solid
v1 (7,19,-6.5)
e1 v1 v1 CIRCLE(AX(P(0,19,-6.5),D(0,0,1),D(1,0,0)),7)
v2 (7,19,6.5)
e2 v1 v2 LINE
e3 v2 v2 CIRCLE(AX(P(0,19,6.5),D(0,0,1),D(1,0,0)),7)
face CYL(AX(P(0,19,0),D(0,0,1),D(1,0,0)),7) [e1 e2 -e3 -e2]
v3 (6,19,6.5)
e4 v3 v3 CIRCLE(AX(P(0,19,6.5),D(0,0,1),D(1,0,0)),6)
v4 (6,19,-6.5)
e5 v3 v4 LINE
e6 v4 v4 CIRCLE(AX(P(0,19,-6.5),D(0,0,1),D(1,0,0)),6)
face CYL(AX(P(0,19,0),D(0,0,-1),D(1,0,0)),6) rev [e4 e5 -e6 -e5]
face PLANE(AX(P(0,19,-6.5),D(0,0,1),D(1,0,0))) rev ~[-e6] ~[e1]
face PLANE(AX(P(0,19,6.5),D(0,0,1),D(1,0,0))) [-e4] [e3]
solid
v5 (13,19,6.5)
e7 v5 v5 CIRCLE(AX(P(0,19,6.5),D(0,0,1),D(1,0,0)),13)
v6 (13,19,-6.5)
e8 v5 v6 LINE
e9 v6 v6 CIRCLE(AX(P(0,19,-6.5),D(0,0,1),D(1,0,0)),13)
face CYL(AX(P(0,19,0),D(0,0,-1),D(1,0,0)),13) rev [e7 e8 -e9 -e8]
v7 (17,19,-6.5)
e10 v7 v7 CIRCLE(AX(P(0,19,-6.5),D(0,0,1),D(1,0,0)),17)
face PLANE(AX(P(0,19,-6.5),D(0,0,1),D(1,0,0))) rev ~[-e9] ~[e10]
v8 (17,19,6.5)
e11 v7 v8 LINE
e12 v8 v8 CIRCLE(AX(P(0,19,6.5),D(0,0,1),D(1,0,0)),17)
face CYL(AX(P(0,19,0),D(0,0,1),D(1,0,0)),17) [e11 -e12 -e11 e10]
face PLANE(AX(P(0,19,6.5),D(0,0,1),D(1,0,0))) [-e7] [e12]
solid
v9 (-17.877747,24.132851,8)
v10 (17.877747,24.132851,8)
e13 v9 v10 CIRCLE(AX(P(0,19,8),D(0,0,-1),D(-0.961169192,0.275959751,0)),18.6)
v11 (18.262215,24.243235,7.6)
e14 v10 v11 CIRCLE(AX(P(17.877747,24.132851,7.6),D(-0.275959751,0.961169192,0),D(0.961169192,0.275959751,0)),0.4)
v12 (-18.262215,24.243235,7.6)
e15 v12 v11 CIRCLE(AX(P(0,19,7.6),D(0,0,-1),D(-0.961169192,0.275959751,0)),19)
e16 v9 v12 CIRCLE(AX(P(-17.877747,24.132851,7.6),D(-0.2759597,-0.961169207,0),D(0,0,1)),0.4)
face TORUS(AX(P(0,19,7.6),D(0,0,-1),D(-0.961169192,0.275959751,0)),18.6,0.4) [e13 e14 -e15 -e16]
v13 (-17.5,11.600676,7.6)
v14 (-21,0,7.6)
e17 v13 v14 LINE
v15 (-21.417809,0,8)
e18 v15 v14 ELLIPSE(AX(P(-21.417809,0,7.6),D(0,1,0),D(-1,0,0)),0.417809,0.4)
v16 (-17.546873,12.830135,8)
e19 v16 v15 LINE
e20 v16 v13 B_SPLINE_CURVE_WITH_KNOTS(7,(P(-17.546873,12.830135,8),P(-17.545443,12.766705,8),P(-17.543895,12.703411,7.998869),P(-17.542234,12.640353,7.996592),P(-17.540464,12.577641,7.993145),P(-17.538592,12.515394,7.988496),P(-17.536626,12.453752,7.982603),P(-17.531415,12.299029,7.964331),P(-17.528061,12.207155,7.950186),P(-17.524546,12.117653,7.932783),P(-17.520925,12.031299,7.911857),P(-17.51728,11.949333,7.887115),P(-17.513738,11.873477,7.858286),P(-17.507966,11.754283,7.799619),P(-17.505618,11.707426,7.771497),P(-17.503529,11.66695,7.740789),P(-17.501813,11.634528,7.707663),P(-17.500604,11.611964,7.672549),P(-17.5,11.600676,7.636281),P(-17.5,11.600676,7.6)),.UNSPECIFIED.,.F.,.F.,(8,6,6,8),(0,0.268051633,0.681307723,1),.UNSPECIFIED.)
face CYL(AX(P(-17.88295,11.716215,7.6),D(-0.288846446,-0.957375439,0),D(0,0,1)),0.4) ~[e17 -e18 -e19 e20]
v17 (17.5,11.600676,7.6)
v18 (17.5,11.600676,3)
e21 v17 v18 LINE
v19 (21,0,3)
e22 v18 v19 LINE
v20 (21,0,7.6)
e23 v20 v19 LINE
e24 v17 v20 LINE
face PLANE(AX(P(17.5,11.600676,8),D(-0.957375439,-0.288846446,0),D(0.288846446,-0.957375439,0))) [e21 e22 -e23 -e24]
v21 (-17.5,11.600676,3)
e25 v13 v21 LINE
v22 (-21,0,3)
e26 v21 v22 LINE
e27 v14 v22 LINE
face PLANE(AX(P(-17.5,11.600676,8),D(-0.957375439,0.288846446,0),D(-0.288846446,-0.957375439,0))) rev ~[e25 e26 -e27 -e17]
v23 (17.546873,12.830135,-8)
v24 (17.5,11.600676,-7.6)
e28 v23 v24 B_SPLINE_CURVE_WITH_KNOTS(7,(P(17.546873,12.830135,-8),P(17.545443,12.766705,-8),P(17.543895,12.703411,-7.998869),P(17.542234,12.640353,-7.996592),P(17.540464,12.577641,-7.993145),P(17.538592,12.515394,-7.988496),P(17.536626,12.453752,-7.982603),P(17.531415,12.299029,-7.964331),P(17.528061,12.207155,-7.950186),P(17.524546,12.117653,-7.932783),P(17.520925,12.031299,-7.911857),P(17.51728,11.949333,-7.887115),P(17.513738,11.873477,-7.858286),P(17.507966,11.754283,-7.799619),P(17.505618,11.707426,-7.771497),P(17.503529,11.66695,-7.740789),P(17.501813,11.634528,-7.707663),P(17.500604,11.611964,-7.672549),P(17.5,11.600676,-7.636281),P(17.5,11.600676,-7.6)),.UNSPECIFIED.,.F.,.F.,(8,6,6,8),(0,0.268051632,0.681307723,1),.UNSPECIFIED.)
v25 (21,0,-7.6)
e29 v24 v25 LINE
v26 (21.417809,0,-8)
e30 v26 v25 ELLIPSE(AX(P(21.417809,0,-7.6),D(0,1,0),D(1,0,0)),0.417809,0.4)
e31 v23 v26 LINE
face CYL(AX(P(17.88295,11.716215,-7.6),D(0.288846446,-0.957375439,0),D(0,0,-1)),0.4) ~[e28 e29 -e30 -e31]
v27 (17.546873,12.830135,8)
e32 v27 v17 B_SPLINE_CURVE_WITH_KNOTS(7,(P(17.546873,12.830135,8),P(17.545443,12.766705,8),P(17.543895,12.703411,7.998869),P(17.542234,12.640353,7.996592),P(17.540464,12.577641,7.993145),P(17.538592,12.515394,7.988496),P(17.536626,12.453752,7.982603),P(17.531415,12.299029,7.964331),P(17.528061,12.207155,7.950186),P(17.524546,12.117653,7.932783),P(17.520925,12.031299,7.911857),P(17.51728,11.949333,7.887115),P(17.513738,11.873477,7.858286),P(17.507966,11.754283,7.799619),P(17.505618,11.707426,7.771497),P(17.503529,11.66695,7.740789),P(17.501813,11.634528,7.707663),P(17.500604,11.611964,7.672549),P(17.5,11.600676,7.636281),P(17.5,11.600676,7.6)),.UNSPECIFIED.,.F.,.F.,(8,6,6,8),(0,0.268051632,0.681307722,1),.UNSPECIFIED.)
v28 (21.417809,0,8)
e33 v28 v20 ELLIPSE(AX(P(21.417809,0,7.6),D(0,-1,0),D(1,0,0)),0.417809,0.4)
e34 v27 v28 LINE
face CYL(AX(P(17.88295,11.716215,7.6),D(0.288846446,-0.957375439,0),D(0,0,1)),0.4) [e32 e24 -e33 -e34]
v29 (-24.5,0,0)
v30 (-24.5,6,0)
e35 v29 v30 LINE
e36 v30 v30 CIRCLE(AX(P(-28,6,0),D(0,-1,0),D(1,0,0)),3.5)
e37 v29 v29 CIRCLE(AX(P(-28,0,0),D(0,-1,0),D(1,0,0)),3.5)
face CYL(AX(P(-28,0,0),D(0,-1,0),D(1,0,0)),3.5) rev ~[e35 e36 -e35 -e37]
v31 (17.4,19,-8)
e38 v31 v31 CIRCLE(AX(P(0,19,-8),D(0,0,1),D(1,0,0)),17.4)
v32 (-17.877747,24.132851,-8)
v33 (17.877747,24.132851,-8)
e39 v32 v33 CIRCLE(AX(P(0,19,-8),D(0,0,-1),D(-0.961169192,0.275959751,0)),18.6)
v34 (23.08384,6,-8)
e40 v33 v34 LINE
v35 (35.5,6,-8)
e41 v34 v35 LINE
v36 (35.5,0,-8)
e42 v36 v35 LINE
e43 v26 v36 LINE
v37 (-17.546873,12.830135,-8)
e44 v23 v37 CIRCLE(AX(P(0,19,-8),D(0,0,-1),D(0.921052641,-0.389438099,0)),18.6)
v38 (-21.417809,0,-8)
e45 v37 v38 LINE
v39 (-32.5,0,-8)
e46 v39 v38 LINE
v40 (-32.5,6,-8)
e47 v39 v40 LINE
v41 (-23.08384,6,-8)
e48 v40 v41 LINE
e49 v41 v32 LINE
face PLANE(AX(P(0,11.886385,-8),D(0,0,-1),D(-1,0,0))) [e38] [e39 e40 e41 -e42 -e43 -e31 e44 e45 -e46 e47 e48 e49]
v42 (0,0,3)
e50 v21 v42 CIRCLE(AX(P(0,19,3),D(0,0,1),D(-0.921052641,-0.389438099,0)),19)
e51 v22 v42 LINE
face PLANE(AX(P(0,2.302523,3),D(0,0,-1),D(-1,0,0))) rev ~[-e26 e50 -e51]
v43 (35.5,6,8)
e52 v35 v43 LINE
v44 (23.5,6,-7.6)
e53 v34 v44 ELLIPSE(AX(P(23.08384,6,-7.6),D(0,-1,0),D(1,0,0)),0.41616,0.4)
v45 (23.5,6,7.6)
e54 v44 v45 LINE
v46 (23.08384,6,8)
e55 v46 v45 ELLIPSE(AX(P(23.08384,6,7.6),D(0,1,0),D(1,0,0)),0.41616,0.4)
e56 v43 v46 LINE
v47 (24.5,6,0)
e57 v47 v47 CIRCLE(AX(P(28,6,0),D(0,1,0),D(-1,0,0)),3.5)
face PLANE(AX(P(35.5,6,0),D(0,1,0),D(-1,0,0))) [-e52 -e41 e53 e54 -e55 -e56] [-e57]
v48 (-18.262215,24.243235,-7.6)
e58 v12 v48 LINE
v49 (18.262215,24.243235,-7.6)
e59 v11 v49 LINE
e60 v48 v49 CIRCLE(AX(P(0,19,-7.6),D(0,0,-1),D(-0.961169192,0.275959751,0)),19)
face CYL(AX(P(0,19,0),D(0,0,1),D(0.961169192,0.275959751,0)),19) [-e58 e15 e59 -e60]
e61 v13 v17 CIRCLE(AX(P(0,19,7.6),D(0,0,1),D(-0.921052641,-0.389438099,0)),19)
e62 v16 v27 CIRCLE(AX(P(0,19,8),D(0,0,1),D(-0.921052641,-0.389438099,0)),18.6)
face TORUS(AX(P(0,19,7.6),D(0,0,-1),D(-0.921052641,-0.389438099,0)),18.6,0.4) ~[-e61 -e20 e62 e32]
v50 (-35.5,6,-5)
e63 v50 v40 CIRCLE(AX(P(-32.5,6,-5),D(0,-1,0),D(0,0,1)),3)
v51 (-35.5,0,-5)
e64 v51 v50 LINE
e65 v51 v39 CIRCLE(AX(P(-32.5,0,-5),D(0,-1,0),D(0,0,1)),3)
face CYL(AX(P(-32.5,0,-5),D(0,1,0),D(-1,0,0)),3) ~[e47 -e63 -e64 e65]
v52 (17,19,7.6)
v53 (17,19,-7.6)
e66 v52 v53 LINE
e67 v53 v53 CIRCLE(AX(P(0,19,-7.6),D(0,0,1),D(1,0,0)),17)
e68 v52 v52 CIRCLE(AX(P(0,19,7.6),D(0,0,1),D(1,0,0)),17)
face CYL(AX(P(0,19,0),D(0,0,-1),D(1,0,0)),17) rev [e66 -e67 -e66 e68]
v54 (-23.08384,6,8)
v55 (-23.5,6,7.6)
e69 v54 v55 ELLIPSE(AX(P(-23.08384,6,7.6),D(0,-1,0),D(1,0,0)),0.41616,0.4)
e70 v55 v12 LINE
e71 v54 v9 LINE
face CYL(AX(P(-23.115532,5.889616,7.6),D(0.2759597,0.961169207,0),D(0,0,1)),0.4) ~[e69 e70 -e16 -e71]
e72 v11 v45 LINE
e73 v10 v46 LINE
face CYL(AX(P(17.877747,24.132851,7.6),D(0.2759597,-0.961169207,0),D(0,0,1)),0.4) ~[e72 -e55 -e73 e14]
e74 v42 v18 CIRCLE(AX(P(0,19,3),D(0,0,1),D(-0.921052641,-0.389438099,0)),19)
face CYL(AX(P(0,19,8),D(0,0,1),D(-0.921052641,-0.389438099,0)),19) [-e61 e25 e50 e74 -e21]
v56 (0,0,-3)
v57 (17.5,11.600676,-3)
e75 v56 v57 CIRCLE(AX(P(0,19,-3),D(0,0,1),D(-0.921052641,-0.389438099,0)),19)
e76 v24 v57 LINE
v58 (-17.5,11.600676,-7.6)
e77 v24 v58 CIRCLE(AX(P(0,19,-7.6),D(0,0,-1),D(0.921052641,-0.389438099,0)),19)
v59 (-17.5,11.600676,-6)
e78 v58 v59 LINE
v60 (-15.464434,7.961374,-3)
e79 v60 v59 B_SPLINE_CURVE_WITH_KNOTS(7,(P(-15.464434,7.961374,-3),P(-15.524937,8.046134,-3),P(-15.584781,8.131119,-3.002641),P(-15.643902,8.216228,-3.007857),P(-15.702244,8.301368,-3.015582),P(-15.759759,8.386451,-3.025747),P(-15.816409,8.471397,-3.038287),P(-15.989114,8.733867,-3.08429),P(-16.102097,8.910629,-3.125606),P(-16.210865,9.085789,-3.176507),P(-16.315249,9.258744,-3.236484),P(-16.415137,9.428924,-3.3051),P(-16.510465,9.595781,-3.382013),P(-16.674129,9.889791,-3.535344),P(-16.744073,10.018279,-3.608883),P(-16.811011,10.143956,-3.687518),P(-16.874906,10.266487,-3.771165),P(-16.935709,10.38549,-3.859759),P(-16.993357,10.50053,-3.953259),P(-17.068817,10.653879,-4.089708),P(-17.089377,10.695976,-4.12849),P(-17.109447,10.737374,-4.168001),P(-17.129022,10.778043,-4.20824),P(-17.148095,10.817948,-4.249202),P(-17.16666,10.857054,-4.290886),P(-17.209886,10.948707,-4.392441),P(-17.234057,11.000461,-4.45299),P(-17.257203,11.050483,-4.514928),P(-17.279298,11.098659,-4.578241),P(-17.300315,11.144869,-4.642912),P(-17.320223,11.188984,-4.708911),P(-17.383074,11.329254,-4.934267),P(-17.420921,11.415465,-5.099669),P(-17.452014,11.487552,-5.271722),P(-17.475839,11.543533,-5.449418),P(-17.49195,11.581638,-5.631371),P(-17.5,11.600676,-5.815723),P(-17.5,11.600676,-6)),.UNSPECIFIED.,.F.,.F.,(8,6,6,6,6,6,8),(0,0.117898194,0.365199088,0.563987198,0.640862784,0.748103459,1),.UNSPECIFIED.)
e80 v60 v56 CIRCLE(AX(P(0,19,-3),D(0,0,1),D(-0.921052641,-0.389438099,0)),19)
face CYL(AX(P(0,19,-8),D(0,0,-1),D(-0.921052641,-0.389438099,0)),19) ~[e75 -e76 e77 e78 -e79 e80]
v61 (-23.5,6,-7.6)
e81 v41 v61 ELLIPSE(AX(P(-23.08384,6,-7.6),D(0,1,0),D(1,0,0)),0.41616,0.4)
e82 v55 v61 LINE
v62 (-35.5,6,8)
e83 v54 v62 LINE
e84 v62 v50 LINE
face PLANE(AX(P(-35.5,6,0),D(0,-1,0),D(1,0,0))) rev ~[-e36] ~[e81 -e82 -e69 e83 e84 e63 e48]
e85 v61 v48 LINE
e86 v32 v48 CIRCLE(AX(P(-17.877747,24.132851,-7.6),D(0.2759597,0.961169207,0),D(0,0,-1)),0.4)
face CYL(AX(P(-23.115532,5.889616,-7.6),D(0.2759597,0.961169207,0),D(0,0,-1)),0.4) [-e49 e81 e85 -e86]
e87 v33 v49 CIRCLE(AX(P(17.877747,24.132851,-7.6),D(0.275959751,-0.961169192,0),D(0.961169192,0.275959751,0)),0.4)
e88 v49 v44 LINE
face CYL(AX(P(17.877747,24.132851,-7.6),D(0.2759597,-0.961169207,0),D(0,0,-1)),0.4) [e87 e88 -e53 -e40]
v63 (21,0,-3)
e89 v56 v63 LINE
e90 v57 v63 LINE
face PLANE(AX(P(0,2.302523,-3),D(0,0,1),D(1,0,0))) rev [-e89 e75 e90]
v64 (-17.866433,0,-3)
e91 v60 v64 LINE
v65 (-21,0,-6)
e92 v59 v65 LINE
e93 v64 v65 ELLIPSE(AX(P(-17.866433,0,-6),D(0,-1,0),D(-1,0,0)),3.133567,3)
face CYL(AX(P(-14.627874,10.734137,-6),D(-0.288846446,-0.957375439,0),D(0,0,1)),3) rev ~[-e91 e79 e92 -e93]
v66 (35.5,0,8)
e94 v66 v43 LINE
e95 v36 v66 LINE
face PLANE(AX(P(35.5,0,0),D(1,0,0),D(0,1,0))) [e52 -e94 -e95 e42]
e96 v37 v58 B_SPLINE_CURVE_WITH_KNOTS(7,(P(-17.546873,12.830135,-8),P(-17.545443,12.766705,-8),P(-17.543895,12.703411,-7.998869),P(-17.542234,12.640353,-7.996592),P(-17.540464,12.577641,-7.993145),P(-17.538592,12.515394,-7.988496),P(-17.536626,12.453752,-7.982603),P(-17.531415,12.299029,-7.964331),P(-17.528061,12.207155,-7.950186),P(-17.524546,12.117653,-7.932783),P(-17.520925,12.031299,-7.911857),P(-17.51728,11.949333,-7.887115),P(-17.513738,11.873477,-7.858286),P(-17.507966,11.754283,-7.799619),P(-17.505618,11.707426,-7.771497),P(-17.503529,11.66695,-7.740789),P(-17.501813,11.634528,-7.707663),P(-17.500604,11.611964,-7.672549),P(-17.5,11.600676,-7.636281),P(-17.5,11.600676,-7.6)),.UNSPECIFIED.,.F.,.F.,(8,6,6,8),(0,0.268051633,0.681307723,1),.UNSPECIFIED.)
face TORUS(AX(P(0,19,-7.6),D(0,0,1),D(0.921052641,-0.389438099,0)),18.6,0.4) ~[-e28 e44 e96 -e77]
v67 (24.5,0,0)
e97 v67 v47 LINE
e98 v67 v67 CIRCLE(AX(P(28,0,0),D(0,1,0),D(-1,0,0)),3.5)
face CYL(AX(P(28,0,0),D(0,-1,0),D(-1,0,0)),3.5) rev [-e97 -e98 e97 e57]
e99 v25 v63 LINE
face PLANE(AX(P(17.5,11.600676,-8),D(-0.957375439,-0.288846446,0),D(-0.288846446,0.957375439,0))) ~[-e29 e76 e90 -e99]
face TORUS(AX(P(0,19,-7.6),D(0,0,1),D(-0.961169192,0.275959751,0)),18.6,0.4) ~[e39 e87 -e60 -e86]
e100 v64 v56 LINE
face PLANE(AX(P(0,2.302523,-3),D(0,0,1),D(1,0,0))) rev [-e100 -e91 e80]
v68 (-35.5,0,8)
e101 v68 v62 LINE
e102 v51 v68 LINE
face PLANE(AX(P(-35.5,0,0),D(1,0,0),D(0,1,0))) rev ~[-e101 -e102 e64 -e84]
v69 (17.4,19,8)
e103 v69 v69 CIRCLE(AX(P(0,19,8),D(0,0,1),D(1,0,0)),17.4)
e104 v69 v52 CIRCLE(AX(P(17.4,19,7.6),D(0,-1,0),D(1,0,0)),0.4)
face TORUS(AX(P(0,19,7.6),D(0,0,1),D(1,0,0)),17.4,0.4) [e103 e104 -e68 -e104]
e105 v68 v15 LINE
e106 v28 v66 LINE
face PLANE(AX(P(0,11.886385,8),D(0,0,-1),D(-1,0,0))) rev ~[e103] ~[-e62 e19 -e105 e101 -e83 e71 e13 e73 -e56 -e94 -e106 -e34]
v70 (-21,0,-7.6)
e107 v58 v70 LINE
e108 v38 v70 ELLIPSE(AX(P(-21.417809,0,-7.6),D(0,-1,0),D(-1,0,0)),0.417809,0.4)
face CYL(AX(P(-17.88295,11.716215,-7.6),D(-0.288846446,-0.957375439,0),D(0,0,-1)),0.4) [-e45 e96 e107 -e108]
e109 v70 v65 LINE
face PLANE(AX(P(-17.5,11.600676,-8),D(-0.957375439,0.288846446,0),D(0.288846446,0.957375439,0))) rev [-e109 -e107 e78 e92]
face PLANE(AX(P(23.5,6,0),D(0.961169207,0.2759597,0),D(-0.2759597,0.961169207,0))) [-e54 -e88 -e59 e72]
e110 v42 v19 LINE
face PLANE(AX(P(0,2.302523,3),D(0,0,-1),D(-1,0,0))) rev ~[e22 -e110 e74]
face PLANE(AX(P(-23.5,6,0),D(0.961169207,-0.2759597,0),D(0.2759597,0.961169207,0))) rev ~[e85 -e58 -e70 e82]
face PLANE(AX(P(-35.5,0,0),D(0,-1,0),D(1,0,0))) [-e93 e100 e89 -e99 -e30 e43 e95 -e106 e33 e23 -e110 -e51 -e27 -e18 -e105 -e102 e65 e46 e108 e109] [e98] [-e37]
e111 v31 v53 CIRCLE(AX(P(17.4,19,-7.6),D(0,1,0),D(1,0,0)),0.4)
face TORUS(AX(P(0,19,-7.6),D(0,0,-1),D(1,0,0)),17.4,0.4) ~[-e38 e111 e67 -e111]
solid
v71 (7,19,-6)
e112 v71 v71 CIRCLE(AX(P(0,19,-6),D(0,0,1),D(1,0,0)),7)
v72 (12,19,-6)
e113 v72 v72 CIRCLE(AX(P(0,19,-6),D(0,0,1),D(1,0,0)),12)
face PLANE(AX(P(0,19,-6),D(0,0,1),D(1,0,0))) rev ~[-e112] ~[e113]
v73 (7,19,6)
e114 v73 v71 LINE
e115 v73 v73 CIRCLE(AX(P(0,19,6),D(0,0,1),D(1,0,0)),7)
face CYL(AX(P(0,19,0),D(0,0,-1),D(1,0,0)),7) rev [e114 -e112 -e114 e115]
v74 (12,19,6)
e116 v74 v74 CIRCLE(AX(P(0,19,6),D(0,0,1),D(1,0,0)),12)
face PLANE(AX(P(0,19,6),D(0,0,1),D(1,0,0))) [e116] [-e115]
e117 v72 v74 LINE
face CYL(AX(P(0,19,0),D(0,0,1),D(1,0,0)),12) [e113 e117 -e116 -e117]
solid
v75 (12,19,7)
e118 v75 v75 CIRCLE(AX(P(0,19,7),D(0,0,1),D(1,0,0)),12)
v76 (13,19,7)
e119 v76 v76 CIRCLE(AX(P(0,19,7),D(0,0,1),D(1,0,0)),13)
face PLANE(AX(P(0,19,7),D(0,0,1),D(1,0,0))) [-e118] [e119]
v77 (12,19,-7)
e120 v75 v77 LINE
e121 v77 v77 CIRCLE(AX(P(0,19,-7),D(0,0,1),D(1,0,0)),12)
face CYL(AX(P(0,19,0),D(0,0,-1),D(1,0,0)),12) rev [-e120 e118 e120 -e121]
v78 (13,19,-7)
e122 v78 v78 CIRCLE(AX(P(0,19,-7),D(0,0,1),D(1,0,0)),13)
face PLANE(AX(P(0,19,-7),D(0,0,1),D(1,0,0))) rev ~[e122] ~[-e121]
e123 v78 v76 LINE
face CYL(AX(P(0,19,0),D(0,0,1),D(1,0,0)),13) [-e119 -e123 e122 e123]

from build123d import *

# Parameters (mm, degrees)
SKETCH_R        = 17
PAD_DEPTH       = 8
POCKET_DEPTH    = 5
SKETCH002_R     = 3.5
POCKET001_DEPTH = 6
FILLET_R        = 0.4
FILLET001_R     = 3
SKETCH003_R     = 17
SKETCH003_R_2   = 13
PAD001_DEPTH    = 6.5
SKETCH004_R     = 13
SKETCH004_R_2   = 12
PAD002_DEPTH    = 7
SKETCH005_R     = 12
SKETCH005_R_2   = 7
PAD003_DEPTH    = 6
SKETCH006_R     = 7
SKETCH006_R_2   = 6
PAD004_DEPTH    = 6.5


with BuildPart() as body:
    # Sketch → Pad (new body, symmetric)
    with BuildSketch(Plane.XY):
        with BuildLine():
            Line((-35.5, 0), (-35.5, 6))
            Line((-35.5, 6), (-23.5, 6))
            Line((-23.5, 6), (-18.262215, 24.243235))
            ThreePointArc((18.262215, 24.243235), (0, 38), (-18.262215, 24.243235))
            Line((23.5, 6), (18.262215, 24.243235))
            Line((35.5, 6), (23.5, 6))
            Line((35.5, 0), (35.5, 6))
            Line((-35.5, 0), (35.5, 0))
        make_face()
        with Locations((0, 19)):
            Circle(SKETCH_R, mode=Mode.SUBTRACT)
    extrude(amount=PAD_DEPTH, both=True)

    # Sketch001 (on Face11 of Pad) → Pocket (cut)
    with BuildSketch(Plane.XY.offset(8)):
        with BuildLine():
            Line((17.5, 11.600676), (21, 0))
            Line((21, -2), (21, 0))
            Line((-21, -2), (21, -2))
            Line((-21, 0), (-21, -2))
            Line((-17.5, 11.600676), (-21, 0))
            ThreePointArc((-17.5, 11.600676), (0, 0), (17.5, 11.600676))
        make_face()
    pocket = extrude(amount=-POCKET_DEPTH, mode=Mode.SUBTRACT)

    # Mirrored: Pocket across XY
    add(pocket.mirror(Plane.XY), mode=Mode.SUBTRACT)

    # Sketch002 (on Face2 of Mirrored) → Pocket001 (cut)
    with BuildSketch(Plane.XZ):
        with Locations((-28, 0)):
            Circle(SKETCH002_R)
    pocket001 = extrude(amount=-POCKET001_DEPTH, mode=Mode.SUBTRACT)

    # Mirrored001: Pocket001 across YZ
    add(pocket001.mirror(Plane.YZ), mode=Mode.SUBTRACT)

    # Fillet
    fillet_edges = [body.edges().sort_by_distance(p)[0] for p in [
        (-20.881107, 15.121617, 8),
        (-20.881107, 15.121617, -8),
        (20.881107, 15.121617, 8),
        (20.881107, 15.121617, -8),
        (19.25, 5.800338, -8),
        (19.25, 5.800338, 8),
        (-19.25, 5.800338, -8),
        (-19.25, 5.800338, 8),
        (-10.497925, 3.163536, 8),
        (10.497925, 3.163536, -8),
        (-17, 19, 8),
        (-17, 19, -8),
    ]]
    fillet(fillet_edges, radius=FILLET_R)

    # Fillet001
    fillet001_edges = [body.edges().sort_by_distance(p)[0] for p in [
        (-17.4, 19, 8),
        (20.480794, 15.066425, -8),
        (-35.5, 3, -8),
        (-19.25, 5.800338, -3),
    ]]
    fillet(fillet001_edges, radius=FILLET001_R)


with BuildPart() as body001:
    # Sketch003 → Pad001 (new body, symmetric)
    with BuildSketch(Plane(origin=(0, 19, 0), x_dir=(1, 0, 0), z_dir=(0, 0, 1))):
        Circle(SKETCH003_R)
        Circle(SKETCH003_R_2, mode=Mode.SUBTRACT)
    extrude(amount=PAD001_DEPTH, both=True)


with BuildPart() as body002:
    # Sketch004 → Pad002 (new body, symmetric)
    with BuildSketch(Plane(origin=(0, 19, 0), x_dir=(1, 0, 0), z_dir=(0, 0, 1))):
        Circle(SKETCH004_R)
        Circle(SKETCH004_R_2, mode=Mode.SUBTRACT)
    extrude(amount=PAD002_DEPTH, both=True)


with BuildPart() as body003:
    # Sketch005 → Pad003 (new body, symmetric)
    with BuildSketch(Plane(origin=(0, 19, 0), x_dir=(1, 0, 0), z_dir=(0, 0, 1))):
        Circle(SKETCH005_R)
        Circle(SKETCH005_R_2, mode=Mode.SUBTRACT)
    extrude(amount=PAD003_DEPTH, both=True)


with BuildPart() as body004:
    # Sketch006 → Pad004 (new body, symmetric)
    with BuildSketch(Plane(origin=(0, 19, 0), x_dir=(1, 0, 0), z_dir=(0, 0, 1))):
        Circle(SKETCH006_R)
        Circle(SKETCH006_R_2, mode=Mode.SUBTRACT)
    extrude(amount=PAD004_DEPTH, both=True)


solid = Compound([body.part, body001.part, body002.part, body003.part, body004.part])
